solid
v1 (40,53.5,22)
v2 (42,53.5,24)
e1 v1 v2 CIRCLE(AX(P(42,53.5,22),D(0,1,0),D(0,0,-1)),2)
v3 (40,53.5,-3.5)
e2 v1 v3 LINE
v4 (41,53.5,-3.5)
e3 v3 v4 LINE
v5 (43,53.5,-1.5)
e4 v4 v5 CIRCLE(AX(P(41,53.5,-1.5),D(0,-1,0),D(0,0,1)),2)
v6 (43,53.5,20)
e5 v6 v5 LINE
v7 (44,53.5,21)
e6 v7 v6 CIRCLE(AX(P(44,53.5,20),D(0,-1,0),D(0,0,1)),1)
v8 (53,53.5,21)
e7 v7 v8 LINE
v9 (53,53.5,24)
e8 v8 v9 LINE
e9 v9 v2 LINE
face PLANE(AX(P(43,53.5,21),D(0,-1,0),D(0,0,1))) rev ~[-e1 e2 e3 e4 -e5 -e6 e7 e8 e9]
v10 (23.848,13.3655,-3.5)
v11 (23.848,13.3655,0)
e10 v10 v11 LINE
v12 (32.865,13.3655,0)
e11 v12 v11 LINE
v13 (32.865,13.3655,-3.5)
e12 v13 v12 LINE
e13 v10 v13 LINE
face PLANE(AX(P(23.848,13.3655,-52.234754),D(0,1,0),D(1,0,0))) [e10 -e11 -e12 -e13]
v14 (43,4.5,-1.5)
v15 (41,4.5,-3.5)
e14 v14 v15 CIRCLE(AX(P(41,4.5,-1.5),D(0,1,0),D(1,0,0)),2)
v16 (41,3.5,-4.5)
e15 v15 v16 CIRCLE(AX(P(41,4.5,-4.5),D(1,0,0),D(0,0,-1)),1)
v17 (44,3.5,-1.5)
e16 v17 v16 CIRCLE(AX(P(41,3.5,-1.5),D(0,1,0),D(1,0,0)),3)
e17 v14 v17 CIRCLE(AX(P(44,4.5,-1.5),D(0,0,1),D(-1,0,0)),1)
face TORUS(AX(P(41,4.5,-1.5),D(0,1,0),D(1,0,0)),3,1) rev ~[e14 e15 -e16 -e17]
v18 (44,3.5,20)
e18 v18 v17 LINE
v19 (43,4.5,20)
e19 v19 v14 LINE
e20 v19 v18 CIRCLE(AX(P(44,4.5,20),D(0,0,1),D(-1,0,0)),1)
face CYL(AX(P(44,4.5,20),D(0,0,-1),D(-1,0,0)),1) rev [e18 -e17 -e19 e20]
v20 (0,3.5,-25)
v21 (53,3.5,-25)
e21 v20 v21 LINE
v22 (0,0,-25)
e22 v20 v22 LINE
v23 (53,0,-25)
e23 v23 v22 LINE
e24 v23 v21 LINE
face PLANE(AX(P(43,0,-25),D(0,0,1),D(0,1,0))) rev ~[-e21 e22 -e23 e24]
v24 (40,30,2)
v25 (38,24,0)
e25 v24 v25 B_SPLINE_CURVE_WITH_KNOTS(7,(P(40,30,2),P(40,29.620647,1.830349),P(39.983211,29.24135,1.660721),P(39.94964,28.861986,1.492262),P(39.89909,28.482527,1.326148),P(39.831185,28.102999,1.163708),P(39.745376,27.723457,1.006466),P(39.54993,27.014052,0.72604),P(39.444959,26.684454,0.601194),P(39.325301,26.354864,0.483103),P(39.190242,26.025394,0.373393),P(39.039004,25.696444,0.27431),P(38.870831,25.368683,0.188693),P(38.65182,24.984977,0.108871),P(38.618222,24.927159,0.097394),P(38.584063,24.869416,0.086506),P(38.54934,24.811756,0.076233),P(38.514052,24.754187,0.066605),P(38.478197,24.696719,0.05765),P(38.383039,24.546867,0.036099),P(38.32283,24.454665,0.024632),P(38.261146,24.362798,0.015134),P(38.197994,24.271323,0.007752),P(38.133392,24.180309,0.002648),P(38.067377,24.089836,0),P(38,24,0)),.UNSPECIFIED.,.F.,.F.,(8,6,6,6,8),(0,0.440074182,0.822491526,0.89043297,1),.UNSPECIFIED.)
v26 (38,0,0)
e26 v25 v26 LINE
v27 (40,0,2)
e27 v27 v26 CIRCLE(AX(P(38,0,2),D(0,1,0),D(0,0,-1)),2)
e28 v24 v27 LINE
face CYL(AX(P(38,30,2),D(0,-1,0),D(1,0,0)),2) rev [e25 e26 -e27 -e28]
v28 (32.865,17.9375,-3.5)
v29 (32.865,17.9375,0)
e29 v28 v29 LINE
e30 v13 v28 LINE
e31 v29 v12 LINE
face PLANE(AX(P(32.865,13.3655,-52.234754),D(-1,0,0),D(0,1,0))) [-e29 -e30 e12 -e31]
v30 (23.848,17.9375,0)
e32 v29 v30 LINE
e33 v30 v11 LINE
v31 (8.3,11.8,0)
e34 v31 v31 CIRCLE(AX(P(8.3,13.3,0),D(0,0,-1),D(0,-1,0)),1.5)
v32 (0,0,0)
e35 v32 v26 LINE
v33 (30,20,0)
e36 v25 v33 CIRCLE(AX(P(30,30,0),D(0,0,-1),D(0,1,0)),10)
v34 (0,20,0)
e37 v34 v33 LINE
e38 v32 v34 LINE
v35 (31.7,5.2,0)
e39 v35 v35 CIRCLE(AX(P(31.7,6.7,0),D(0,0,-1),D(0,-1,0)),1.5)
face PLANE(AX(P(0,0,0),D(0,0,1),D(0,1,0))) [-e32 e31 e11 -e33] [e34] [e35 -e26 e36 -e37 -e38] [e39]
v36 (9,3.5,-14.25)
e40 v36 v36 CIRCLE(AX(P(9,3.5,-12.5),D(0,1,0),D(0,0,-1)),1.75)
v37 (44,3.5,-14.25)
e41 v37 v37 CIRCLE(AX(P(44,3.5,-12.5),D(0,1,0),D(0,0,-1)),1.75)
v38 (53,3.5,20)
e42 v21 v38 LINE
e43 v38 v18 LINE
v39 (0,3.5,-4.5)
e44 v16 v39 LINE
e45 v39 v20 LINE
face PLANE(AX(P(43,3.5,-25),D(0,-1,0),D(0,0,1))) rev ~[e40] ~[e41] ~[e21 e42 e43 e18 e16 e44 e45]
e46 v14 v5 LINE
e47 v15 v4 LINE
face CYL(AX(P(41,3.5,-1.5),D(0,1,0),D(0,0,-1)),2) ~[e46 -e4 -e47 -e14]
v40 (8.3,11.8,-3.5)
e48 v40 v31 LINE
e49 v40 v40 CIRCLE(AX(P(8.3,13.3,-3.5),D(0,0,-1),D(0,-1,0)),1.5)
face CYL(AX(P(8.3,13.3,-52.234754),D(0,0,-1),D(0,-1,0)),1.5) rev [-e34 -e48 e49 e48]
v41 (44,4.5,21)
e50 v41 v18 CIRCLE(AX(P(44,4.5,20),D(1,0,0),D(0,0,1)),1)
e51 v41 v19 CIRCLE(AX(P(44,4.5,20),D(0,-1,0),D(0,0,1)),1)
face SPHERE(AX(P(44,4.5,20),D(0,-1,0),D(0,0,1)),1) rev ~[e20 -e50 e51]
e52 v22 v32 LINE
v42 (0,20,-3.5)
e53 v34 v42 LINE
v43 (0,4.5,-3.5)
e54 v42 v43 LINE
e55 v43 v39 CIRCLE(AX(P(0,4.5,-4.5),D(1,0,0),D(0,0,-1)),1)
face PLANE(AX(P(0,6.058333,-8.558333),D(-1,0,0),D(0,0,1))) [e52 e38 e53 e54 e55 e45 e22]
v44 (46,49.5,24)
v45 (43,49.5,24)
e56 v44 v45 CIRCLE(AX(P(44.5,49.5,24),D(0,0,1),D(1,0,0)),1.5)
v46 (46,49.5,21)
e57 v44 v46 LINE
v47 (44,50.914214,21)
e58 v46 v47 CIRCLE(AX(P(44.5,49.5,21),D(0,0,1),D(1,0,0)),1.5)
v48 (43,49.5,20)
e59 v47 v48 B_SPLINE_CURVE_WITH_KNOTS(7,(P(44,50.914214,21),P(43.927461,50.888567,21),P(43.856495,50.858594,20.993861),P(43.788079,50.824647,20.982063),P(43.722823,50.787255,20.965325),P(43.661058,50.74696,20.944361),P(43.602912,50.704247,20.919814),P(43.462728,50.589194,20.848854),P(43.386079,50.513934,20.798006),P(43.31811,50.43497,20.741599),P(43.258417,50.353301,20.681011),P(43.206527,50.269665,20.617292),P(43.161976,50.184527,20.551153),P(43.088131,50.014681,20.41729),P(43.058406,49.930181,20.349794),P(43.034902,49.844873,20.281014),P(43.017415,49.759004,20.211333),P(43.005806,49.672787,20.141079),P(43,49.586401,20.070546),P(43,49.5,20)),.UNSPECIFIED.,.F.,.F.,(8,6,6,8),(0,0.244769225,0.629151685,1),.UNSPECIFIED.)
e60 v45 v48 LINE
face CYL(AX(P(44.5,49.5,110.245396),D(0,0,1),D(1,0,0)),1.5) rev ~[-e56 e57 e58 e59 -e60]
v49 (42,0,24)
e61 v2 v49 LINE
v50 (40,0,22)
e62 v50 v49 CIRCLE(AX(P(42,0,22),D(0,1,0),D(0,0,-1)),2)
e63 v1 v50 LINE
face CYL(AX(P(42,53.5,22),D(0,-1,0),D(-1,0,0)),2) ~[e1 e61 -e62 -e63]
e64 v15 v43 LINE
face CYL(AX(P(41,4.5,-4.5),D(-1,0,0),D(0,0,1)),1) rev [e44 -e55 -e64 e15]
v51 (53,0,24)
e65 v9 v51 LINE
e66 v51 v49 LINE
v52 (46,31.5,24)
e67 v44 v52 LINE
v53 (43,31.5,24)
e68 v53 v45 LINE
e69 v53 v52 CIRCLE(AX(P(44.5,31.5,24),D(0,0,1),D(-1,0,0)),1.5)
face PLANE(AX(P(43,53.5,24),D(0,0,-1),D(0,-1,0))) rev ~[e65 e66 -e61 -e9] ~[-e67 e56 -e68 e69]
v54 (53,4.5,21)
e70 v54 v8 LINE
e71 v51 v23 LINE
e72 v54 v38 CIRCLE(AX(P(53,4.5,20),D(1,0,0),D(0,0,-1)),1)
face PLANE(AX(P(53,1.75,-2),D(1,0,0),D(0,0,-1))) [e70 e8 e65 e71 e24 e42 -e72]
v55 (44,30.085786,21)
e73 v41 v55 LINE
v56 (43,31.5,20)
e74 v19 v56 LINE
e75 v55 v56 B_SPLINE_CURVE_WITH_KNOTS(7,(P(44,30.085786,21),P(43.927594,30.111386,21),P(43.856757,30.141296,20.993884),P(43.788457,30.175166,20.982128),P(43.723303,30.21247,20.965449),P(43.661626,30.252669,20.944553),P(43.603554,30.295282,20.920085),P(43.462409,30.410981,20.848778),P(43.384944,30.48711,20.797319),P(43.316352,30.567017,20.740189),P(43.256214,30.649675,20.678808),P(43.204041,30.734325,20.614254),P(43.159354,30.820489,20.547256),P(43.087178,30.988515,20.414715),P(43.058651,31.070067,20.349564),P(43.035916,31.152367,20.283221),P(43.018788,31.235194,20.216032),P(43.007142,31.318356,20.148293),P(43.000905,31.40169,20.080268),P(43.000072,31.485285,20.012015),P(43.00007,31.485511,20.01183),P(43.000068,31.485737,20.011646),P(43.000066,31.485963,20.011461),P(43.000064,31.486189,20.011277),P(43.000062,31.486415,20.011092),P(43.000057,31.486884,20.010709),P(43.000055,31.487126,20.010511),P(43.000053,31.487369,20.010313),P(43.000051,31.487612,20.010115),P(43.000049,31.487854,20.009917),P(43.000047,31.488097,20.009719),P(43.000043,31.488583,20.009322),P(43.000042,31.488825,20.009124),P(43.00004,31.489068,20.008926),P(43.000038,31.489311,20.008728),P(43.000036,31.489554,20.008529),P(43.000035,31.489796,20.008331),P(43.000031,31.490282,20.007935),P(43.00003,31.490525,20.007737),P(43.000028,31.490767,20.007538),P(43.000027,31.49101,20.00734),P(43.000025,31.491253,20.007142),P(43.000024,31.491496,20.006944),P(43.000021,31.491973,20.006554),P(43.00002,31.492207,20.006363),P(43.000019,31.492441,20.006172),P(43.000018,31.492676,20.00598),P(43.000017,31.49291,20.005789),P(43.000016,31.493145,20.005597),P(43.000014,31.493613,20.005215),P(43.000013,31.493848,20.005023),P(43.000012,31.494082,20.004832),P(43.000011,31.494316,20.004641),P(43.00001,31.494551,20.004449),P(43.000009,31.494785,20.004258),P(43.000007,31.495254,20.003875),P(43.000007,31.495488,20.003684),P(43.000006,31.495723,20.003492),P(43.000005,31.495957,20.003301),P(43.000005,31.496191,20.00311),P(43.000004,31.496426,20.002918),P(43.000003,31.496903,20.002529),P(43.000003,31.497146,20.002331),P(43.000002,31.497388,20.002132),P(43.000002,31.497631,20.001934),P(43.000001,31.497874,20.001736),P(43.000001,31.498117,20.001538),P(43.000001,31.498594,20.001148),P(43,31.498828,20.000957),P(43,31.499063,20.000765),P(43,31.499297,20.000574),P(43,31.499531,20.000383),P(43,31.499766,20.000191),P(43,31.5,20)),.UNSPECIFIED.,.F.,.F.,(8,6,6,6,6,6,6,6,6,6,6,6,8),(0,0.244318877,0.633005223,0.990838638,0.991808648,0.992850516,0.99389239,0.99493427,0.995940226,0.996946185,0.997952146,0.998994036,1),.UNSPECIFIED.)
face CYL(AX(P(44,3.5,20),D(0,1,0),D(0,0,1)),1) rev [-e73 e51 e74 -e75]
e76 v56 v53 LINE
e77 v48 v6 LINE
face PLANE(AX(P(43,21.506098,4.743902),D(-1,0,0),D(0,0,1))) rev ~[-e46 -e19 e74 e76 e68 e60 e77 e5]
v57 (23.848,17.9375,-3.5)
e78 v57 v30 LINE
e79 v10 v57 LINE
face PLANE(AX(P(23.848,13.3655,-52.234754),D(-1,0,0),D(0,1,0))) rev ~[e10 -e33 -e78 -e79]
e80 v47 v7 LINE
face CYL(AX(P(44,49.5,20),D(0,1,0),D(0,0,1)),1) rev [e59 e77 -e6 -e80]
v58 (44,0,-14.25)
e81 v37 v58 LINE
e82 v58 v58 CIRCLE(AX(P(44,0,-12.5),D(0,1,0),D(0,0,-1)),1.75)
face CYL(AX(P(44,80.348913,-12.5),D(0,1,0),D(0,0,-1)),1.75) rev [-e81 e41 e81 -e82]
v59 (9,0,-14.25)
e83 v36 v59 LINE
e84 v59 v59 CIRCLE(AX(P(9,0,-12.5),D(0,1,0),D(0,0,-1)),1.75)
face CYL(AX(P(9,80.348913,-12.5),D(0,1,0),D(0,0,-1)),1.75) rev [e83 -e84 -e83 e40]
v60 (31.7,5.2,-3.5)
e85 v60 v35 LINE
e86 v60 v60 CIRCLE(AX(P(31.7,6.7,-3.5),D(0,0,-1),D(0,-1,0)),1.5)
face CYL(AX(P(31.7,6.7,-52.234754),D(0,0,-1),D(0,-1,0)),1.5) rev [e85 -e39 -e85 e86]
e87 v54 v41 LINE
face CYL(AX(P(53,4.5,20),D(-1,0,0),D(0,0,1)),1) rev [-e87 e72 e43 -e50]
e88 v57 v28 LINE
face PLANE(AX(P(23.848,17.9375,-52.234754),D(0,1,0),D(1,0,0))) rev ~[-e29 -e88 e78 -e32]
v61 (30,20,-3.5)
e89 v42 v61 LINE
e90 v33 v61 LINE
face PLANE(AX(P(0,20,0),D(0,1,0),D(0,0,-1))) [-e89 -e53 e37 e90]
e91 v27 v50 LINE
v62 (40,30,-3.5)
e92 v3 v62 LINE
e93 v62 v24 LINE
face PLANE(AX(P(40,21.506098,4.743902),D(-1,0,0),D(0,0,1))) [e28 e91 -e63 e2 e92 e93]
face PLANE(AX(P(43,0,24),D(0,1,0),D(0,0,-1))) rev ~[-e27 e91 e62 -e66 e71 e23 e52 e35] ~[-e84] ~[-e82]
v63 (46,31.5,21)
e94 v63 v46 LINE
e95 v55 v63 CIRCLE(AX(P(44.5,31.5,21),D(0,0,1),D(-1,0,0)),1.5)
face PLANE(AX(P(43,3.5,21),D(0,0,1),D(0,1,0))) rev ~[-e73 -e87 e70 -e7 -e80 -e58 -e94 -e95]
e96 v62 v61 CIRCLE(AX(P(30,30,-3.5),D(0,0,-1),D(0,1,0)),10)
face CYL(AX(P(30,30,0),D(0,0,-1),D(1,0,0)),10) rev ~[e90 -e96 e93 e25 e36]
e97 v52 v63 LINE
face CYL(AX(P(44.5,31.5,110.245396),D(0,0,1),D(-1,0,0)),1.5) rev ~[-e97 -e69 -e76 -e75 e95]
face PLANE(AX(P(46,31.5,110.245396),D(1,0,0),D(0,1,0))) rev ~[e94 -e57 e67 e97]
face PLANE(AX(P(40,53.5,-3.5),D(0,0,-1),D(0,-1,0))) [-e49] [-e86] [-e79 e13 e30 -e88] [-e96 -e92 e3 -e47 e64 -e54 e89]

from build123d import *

# Parameters (mm, degrees)
BOSS_EXTRUDE2_DEPTH     = 40
CUT_EXTRUDE1_DEPTH      = 52.23475383
CUT_EXTRUDE1_DEPTH_BACK = 52.23475383
SKETCH4_R               = 1.5
SKETCH4_W               = 9.017
SKETCH4_H               = 4.572
BOSS_EXTRUDE5_DEPTH     = 3
BOSS_EXTRUDE6_DEPTH     = 10
CUT_EXTRUDE2_DEPTH      = 89.24539648
CUT_EXTRUDE2_DEPTH_BACK = 89.24539648
FILLET3_R               = 10
FILLET4_R               = 1
FILLET5_R               = 2
FILLET6_R               = 1
CUT_EXTRUDE3_DEPTH      = 80.348913103
CUT_EXTRUDE3_DEPTH_BACK = 80.348913103
SKETCH10_R              = 1.75


with BuildPart() as part:
    # Sketch3 → Boss-Extrude2 (new body)
    with BuildSketch(Plane(origin=(0, 0, 0), x_dir=(0, 0, -1), z_dir=(1, 0, 0))):
        Polygon((0, 0), (0, 20), (3.5, 20), (3.5, 3.5), (25, 3.5), (25, 0), align=None)
    extrude(amount=BOSS_EXTRUDE2_DEPTH)

    # Sketch4 → Cut-Extrude1 (cut, two sides: drawn at the far end of the back side and taken through both)
    with BuildSketch(Plane.XY.offset(-CUT_EXTRUDE1_DEPTH_BACK)):
        with Locations(Location((8.3, 13.3, 0), (0, 0, 270))):
            Circle(SKETCH4_R)
        with Locations(Location((31.7, 6.7, 0), (0, 0, 270))):
            Circle(SKETCH4_R)
        with Locations((28.3565, 15.6515)):
            Rectangle(SKETCH4_W, SKETCH4_H)
    extrude(amount=CUT_EXTRUDE1_DEPTH + CUT_EXTRUDE1_DEPTH_BACK, mode=Mode.SUBTRACT)

    # Sketch5 → Boss-Extrude5 (add)
    with BuildSketch(Plane(origin=(40, 0, 0), x_dir=(0, 0, -1), z_dir=(1, 0, 0))):
        Polygon((25, 0), (-24, 0), (-24, 3.5), (-24, 53.5), (3.5, 53.5), (3.5, 3.5), (25, 3.5), align=None)
    extrude(amount=BOSS_EXTRUDE5_DEPTH)

    # Sketch7 → Boss-Extrude6 (add)
    with BuildSketch(Plane(origin=(43, 0, 0), x_dir=(0, 0, -1), z_dir=(1, 0, 0))):
        Polygon((3.5, 3.5), (-21, 3.5), (-21, 0), (25, 0), (25, 3.5), align=None)
        Polygon((-21, 53.5), (-24, 53.5), (-24, 0), (-21, 0), (-21, 3.5), align=None)
    extrude(amount=BOSS_EXTRUDE6_DEPTH)

    # Sketch9 → Cut-Extrude2 (cut, two sides: drawn at the far end of the back side and taken through both)
    with BuildSketch(Plane(origin=(0, 0, 21), x_dir=(-1, 0, 0), z_dir=(0, 0, -1)).offset(-CUT_EXTRUDE2_DEPTH_BACK)):
        with BuildLine():
            Line((-46, 31.5), (-46, 49.5))
            ThreePointArc((-46, 49.5), (-44.5, 51), (-43, 49.5))
            Line((-43, 49.5), (-43, 31.5))
            ThreePointArc((-43, 31.5), (-44.5, 30), (-46, 31.5))
        make_face()
    extrude(amount=CUT_EXTRUDE2_DEPTH + CUT_EXTRUDE2_DEPTH_BACK, mode=Mode.SUBTRACT)

    # Fillet3
    fillet3_edges = [part.edges().sort_by_distance(p)[0] for p in [
        (40, 20, -1.75),
    ]]
    fillet(fillet3_edges, radius=FILLET3_R)

    # Fillet4
    fillet4_edges = [part.edges().sort_by_distance(p)[0] for p in [
        (43, 17.5, 21),
        (43, 51.5, 21),
    ]]
    fillet(fillet4_edges, radius=FILLET4_R)

    # Fillet5
    fillet5_edges = [part.edges().sort_by_distance(p)[0] for p in [
        (40, 15, 0),
        (40, 26.75, 24),
        (43, 28.5, -3.5),
    ]]
    fillet(fillet5_edges, radius=FILLET5_R)

    # Fillet6
    fillet6_edges = [part.edges().sort_by_distance(p)[0] for p in [
        (43.292893219, 3.5, 20.707106781),
        (43, 3.5, 9.25),
        (20.5, 3.5, -3.5),
        (42.414213562, 3.5, -2.914213562),
        (48.5, 3.5, 21),
    ]]
    fillet(fillet6_edges, radius=FILLET6_R)

    # Sketch10 → Cut-Extrude3 (cut, two sides: drawn at the far end of the back side and taken through both)
    with BuildSketch(Plane(origin=(0, 0, 0), x_dir=(-1, 0, 0), z_dir=(0, -1, 0)).offset(-CUT_EXTRUDE3_DEPTH_BACK)):
        with Locations(Location((-44, 12.5, 0), (0, 0, 90))):
            Circle(SKETCH10_R)
        with Locations(Location((-9, 12.5, 0), (0, 0, 90))):
            Circle(SKETCH10_R)
    extrude(amount=CUT_EXTRUDE3_DEPTH + CUT_EXTRUDE3_DEPTH_BACK, mode=Mode.SUBTRACT)


solid = part.part
